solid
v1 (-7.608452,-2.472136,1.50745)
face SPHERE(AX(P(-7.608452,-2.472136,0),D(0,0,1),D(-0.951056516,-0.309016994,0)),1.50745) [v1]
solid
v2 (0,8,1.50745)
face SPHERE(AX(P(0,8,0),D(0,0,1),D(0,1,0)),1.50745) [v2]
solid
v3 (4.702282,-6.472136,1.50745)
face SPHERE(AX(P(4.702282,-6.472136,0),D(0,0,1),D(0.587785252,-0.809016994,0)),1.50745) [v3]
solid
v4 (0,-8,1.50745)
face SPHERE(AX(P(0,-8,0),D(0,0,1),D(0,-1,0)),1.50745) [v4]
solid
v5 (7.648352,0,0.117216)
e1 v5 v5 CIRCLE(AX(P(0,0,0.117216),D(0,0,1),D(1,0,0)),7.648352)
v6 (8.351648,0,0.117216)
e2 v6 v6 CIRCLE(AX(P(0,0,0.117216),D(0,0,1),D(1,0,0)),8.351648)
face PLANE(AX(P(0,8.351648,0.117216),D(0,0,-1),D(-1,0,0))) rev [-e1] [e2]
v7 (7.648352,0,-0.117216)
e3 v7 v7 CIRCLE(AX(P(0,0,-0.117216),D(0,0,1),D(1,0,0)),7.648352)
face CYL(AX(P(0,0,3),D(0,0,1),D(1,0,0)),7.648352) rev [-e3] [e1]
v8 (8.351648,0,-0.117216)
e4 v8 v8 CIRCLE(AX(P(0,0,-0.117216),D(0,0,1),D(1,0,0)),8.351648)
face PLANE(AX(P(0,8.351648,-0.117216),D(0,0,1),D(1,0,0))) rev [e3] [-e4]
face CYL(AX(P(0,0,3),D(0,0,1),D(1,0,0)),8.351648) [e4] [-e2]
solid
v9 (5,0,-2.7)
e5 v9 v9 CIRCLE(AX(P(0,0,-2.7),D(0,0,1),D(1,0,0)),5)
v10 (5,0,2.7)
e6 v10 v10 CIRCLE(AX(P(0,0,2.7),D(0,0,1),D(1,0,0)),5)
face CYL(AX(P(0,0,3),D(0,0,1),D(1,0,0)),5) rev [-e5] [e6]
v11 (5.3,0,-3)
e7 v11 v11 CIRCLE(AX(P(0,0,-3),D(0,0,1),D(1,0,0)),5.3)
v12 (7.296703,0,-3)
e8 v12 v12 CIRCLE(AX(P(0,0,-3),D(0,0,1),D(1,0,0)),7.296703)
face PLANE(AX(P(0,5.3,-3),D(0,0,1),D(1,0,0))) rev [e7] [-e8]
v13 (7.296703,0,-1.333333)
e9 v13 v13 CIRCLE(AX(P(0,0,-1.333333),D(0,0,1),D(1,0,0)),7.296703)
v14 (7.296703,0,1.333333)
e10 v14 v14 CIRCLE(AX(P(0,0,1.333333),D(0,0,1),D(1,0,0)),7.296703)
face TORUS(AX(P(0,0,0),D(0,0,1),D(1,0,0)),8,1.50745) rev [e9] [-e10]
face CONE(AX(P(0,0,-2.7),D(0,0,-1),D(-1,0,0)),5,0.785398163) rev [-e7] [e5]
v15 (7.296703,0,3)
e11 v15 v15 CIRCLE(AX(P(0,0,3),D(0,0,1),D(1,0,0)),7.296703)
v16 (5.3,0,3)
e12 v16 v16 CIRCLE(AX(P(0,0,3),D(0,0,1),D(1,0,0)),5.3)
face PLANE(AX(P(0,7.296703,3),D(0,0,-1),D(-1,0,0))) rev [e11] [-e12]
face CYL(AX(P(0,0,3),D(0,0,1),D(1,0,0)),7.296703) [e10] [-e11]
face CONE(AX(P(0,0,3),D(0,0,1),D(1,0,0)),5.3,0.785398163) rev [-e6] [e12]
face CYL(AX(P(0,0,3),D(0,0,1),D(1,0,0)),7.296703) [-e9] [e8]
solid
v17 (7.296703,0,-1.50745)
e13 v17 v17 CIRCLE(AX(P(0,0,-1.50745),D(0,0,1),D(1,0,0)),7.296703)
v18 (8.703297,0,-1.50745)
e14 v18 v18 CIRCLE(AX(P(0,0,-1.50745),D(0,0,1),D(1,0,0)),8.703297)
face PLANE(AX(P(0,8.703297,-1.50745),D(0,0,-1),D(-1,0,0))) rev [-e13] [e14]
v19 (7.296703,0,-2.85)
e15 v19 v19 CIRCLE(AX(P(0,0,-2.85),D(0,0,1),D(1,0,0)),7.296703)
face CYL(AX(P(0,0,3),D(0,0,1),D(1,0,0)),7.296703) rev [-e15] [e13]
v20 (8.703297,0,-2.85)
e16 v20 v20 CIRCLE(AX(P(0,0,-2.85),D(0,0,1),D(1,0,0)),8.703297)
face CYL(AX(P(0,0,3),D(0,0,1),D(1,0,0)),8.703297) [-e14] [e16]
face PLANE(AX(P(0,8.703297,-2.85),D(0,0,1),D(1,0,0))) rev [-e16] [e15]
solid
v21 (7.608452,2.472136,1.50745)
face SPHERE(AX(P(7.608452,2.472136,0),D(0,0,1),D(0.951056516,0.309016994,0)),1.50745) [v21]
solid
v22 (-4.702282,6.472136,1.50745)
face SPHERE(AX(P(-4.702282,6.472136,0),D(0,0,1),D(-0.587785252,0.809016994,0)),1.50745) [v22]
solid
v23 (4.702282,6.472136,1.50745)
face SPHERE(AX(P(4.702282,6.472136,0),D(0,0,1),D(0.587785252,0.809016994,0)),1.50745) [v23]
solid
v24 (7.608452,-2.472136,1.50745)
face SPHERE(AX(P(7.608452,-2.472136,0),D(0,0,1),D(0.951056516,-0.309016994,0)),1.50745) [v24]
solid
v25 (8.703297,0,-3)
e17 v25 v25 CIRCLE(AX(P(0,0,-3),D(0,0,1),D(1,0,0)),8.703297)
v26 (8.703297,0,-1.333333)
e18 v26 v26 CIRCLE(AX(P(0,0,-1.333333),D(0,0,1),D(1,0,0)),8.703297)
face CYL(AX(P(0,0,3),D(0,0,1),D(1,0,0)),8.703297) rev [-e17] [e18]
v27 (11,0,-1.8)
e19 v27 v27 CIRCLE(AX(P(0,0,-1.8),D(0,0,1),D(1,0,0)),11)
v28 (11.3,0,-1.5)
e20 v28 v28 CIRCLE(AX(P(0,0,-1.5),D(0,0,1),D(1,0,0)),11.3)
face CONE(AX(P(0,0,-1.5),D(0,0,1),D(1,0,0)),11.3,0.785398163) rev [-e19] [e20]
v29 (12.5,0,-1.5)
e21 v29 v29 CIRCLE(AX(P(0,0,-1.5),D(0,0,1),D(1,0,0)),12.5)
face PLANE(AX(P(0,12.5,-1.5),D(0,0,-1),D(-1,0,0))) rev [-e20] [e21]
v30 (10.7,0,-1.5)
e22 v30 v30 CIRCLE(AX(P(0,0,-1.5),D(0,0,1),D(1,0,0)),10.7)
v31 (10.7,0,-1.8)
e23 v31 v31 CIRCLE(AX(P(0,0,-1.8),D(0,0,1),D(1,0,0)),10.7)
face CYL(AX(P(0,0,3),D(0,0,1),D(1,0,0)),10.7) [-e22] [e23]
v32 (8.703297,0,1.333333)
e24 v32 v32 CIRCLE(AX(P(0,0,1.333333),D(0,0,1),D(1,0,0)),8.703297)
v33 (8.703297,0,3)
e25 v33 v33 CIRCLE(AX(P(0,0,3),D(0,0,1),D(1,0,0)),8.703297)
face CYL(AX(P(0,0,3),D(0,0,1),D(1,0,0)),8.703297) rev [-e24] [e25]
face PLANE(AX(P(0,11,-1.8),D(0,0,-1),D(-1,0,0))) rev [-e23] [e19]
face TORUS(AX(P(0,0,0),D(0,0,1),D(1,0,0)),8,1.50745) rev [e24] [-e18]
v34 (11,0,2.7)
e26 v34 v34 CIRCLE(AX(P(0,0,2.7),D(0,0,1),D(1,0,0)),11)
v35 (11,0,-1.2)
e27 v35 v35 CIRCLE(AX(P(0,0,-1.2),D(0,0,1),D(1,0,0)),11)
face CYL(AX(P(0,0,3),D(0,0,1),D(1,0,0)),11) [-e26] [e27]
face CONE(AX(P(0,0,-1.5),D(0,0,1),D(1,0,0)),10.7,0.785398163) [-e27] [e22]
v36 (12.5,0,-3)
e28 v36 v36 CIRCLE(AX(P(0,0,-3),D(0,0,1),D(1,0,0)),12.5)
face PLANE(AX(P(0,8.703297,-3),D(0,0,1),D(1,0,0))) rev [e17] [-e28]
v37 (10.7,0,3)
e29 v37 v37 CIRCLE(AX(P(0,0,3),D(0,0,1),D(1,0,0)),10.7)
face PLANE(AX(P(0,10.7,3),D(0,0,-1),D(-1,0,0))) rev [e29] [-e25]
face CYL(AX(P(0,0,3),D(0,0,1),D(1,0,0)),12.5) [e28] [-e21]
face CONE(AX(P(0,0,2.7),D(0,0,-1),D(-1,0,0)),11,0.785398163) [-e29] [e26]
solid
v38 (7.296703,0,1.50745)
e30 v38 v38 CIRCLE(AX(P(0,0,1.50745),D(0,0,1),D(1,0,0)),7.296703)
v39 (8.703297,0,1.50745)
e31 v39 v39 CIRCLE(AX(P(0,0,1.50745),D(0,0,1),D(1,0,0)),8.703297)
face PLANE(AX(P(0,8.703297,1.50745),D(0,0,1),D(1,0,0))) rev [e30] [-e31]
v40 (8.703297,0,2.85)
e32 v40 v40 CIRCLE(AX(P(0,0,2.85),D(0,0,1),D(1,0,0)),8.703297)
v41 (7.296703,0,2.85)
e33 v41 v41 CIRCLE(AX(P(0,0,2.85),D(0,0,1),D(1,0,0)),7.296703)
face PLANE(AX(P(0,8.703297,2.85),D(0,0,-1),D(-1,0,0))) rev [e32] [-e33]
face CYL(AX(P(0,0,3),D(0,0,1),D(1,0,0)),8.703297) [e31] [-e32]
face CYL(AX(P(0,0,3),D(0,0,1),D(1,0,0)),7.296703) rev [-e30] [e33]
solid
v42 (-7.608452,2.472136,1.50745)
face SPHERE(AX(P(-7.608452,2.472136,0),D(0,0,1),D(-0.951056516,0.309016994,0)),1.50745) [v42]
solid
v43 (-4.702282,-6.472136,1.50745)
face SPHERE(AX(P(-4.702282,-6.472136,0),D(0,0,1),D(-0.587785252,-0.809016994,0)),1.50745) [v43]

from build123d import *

# Parameters (mm, degrees)
SKETCH6_W         = 0.234432234
SKETCH6_H         = 0.703296704
CIRPATTERN1_COUNT = 10
SKETCH5_W         = 1.342550488
SKETCH5_H         = 1.406593406


with BuildPart() as part:
    # Sketch7 → Revolve7 (revolve)
    with BuildSketch(Plane(origin=(0, 0, 0), x_dir=(0, 0, -1), z_dir=(1, 0, 0))):
        with BuildLine():
            Line((3, 12.5), (1.5, 12.5))
            Line((1.5, 12.5), (1.5, 11.3))
            Line((1.5, 11.3), (1.8, 11))
            Line((1.8, 11), (1.8, 10.7))
            Line((1.8, 10.7), (1.5, 10.7))
            Line((1.5, 10.7), (1.2, 11))
            Line((1.2, 11), (-2.7, 11))
            Line((-2.7, 11), (-3, 10.7))
            Line((-3, 10.7), (-3, 8.703296703))
            Line((-3, 8.703296703), (-1.333333333, 8.703296703))
            ThreePointArc((-1.333333333, 8.703296703), (0, 9.507449512), (1.333333333, 8.703296703))
            Line((1.333333333, 8.703296703), (3, 8.703296703))
            Line((3, 8.703296703), (3, 10.7))
            Line((3, 10.7), (3, 12.5))
        make_face()
    revolve(axis=Axis((0, 0, 3), (0, 0, -1)))


with BuildPart() as body_2:
    # Sketch3 → Revolve3 (revolve)
    with BuildSketch(Plane(origin=(0, 0, 0), x_dir=(0, 0, -1), z_dir=(1, 0, 0))):
        with BuildLine():
            Line((-3, 7.296703297), (-1.333333333, 7.296703297))
            ThreePointArc((-1.333333333, 7.296703297), (0, 6.492550488), (1.333333333, 7.296703297))
            Line((1.333333333, 7.296703297), (3, 7.296703297))
            Line((3, 7.296703297), (3, 5.3))
            Line((3, 5.3), (2.7, 5))
            Line((2.7, 5), (-2.7, 5))
            Line((-2.7, 5), (-3, 5.3))
            Line((-3, 5.3), (-3, 7.296703297))
        make_face()
    revolve(axis=Axis((0, 0, 3), (0, 0, -1)))


with BuildPart() as body_3:
    # Sketch6 → Revolve6 (revolve)
    with BuildSketch(Plane(origin=(0, 0, 0), x_dir=(0, 0, -1), z_dir=(1, 0, 0))):
        with Locations((0, 8)):
            Rectangle(SKETCH6_W, SKETCH6_H)
    revolve(axis=Axis((0, 0, 3), (0, 0, -1)))


with BuildPart() as body_4:
    # Sketch4 → Revolve4 (revolve)
    with BuildSketch(Plane(origin=(0, 0, 0), x_dir=(0, 0, -1), z_dir=(1, 0, 0))):
        with BuildLine():
            Line((-1.507449512, 8), (1.507449512, 8))
            ThreePointArc((1.507449512, 8), (0, 9.507449512), (-1.507449512, 8))
        make_face()
    revolve(axis=Axis((0, 8, 1.507449512), (0, 0, -1)))


with BuildPart() as cirpattern1_1:
    # CirPattern1: pattern copy
    add(body_4.part.rotate(Axis((0, 0, -3), (0, 0, 1)), 1 * 360 / CIRPATTERN1_COUNT))


with BuildPart() as cirpattern1_2:
    # CirPattern1: pattern copy
    add(body_4.part.rotate(Axis((0, 0, -3), (0, 0, 1)), 2 * 360 / CIRPATTERN1_COUNT))


with BuildPart() as cirpattern1_3:
    # CirPattern1: pattern copy
    add(body_4.part.rotate(Axis((0, 0, -3), (0, 0, 1)), 3 * 360 / CIRPATTERN1_COUNT))


with BuildPart() as cirpattern1_4:
    # CirPattern1: pattern copy
    add(body_4.part.rotate(Axis((0, 0, -3), (0, 0, 1)), 4 * 360 / CIRPATTERN1_COUNT))


with BuildPart() as cirpattern1_5:
    # CirPattern1: pattern copy
    add(body_4.part.rotate(Axis((0, 0, -3), (0, 0, 1)), 5 * 360 / CIRPATTERN1_COUNT))


with BuildPart() as cirpattern1_6:
    # CirPattern1: pattern copy
    add(body_4.part.rotate(Axis((0, 0, -3), (0, 0, 1)), 6 * 360 / CIRPATTERN1_COUNT))


with BuildPart() as cirpattern1_7:
    # CirPattern1: pattern copy
    add(body_4.part.rotate(Axis((0, 0, -3), (0, 0, 1)), 7 * 360 / CIRPATTERN1_COUNT))


with BuildPart() as cirpattern1_8:
    # CirPattern1: pattern copy
    add(body_4.part.rotate(Axis((0, 0, -3), (0, 0, 1)), 8 * 360 / CIRPATTERN1_COUNT))


with BuildPart() as cirpattern1_9:
    # CirPattern1: pattern copy
    add(body_4.part.rotate(Axis((0, 0, -3), (0, 0, 1)), 9 * 360 / CIRPATTERN1_COUNT))


with BuildPart() as body_14:
    # Sketch5 → Revolve5 (revolve)
    with BuildSketch(Plane(origin=(0, 0, 0), x_dir=(0, 0, -1), z_dir=(1, 0, 0))):
        with Locations((-2.178724756, 8)):
            Rectangle(SKETCH5_W, SKETCH5_H)
        with Locations((2.178724756, 8)):
            Rectangle(SKETCH5_W, SKETCH5_H)
    revolve(axis=Axis((0, 0, 3), (0, 0, -1)))


solid = Compound([part.part, body_2.part, body_3.part, body_4.part, cirpattern1_1.part, cirpattern1_2.part, cirpattern1_3.part, cirpattern1_4.part, cirpattern1_5.part, cirpattern1_6.part, cirpattern1_7.part, cirpattern1_8.part, cirpattern1_9.part, body_14.part])
